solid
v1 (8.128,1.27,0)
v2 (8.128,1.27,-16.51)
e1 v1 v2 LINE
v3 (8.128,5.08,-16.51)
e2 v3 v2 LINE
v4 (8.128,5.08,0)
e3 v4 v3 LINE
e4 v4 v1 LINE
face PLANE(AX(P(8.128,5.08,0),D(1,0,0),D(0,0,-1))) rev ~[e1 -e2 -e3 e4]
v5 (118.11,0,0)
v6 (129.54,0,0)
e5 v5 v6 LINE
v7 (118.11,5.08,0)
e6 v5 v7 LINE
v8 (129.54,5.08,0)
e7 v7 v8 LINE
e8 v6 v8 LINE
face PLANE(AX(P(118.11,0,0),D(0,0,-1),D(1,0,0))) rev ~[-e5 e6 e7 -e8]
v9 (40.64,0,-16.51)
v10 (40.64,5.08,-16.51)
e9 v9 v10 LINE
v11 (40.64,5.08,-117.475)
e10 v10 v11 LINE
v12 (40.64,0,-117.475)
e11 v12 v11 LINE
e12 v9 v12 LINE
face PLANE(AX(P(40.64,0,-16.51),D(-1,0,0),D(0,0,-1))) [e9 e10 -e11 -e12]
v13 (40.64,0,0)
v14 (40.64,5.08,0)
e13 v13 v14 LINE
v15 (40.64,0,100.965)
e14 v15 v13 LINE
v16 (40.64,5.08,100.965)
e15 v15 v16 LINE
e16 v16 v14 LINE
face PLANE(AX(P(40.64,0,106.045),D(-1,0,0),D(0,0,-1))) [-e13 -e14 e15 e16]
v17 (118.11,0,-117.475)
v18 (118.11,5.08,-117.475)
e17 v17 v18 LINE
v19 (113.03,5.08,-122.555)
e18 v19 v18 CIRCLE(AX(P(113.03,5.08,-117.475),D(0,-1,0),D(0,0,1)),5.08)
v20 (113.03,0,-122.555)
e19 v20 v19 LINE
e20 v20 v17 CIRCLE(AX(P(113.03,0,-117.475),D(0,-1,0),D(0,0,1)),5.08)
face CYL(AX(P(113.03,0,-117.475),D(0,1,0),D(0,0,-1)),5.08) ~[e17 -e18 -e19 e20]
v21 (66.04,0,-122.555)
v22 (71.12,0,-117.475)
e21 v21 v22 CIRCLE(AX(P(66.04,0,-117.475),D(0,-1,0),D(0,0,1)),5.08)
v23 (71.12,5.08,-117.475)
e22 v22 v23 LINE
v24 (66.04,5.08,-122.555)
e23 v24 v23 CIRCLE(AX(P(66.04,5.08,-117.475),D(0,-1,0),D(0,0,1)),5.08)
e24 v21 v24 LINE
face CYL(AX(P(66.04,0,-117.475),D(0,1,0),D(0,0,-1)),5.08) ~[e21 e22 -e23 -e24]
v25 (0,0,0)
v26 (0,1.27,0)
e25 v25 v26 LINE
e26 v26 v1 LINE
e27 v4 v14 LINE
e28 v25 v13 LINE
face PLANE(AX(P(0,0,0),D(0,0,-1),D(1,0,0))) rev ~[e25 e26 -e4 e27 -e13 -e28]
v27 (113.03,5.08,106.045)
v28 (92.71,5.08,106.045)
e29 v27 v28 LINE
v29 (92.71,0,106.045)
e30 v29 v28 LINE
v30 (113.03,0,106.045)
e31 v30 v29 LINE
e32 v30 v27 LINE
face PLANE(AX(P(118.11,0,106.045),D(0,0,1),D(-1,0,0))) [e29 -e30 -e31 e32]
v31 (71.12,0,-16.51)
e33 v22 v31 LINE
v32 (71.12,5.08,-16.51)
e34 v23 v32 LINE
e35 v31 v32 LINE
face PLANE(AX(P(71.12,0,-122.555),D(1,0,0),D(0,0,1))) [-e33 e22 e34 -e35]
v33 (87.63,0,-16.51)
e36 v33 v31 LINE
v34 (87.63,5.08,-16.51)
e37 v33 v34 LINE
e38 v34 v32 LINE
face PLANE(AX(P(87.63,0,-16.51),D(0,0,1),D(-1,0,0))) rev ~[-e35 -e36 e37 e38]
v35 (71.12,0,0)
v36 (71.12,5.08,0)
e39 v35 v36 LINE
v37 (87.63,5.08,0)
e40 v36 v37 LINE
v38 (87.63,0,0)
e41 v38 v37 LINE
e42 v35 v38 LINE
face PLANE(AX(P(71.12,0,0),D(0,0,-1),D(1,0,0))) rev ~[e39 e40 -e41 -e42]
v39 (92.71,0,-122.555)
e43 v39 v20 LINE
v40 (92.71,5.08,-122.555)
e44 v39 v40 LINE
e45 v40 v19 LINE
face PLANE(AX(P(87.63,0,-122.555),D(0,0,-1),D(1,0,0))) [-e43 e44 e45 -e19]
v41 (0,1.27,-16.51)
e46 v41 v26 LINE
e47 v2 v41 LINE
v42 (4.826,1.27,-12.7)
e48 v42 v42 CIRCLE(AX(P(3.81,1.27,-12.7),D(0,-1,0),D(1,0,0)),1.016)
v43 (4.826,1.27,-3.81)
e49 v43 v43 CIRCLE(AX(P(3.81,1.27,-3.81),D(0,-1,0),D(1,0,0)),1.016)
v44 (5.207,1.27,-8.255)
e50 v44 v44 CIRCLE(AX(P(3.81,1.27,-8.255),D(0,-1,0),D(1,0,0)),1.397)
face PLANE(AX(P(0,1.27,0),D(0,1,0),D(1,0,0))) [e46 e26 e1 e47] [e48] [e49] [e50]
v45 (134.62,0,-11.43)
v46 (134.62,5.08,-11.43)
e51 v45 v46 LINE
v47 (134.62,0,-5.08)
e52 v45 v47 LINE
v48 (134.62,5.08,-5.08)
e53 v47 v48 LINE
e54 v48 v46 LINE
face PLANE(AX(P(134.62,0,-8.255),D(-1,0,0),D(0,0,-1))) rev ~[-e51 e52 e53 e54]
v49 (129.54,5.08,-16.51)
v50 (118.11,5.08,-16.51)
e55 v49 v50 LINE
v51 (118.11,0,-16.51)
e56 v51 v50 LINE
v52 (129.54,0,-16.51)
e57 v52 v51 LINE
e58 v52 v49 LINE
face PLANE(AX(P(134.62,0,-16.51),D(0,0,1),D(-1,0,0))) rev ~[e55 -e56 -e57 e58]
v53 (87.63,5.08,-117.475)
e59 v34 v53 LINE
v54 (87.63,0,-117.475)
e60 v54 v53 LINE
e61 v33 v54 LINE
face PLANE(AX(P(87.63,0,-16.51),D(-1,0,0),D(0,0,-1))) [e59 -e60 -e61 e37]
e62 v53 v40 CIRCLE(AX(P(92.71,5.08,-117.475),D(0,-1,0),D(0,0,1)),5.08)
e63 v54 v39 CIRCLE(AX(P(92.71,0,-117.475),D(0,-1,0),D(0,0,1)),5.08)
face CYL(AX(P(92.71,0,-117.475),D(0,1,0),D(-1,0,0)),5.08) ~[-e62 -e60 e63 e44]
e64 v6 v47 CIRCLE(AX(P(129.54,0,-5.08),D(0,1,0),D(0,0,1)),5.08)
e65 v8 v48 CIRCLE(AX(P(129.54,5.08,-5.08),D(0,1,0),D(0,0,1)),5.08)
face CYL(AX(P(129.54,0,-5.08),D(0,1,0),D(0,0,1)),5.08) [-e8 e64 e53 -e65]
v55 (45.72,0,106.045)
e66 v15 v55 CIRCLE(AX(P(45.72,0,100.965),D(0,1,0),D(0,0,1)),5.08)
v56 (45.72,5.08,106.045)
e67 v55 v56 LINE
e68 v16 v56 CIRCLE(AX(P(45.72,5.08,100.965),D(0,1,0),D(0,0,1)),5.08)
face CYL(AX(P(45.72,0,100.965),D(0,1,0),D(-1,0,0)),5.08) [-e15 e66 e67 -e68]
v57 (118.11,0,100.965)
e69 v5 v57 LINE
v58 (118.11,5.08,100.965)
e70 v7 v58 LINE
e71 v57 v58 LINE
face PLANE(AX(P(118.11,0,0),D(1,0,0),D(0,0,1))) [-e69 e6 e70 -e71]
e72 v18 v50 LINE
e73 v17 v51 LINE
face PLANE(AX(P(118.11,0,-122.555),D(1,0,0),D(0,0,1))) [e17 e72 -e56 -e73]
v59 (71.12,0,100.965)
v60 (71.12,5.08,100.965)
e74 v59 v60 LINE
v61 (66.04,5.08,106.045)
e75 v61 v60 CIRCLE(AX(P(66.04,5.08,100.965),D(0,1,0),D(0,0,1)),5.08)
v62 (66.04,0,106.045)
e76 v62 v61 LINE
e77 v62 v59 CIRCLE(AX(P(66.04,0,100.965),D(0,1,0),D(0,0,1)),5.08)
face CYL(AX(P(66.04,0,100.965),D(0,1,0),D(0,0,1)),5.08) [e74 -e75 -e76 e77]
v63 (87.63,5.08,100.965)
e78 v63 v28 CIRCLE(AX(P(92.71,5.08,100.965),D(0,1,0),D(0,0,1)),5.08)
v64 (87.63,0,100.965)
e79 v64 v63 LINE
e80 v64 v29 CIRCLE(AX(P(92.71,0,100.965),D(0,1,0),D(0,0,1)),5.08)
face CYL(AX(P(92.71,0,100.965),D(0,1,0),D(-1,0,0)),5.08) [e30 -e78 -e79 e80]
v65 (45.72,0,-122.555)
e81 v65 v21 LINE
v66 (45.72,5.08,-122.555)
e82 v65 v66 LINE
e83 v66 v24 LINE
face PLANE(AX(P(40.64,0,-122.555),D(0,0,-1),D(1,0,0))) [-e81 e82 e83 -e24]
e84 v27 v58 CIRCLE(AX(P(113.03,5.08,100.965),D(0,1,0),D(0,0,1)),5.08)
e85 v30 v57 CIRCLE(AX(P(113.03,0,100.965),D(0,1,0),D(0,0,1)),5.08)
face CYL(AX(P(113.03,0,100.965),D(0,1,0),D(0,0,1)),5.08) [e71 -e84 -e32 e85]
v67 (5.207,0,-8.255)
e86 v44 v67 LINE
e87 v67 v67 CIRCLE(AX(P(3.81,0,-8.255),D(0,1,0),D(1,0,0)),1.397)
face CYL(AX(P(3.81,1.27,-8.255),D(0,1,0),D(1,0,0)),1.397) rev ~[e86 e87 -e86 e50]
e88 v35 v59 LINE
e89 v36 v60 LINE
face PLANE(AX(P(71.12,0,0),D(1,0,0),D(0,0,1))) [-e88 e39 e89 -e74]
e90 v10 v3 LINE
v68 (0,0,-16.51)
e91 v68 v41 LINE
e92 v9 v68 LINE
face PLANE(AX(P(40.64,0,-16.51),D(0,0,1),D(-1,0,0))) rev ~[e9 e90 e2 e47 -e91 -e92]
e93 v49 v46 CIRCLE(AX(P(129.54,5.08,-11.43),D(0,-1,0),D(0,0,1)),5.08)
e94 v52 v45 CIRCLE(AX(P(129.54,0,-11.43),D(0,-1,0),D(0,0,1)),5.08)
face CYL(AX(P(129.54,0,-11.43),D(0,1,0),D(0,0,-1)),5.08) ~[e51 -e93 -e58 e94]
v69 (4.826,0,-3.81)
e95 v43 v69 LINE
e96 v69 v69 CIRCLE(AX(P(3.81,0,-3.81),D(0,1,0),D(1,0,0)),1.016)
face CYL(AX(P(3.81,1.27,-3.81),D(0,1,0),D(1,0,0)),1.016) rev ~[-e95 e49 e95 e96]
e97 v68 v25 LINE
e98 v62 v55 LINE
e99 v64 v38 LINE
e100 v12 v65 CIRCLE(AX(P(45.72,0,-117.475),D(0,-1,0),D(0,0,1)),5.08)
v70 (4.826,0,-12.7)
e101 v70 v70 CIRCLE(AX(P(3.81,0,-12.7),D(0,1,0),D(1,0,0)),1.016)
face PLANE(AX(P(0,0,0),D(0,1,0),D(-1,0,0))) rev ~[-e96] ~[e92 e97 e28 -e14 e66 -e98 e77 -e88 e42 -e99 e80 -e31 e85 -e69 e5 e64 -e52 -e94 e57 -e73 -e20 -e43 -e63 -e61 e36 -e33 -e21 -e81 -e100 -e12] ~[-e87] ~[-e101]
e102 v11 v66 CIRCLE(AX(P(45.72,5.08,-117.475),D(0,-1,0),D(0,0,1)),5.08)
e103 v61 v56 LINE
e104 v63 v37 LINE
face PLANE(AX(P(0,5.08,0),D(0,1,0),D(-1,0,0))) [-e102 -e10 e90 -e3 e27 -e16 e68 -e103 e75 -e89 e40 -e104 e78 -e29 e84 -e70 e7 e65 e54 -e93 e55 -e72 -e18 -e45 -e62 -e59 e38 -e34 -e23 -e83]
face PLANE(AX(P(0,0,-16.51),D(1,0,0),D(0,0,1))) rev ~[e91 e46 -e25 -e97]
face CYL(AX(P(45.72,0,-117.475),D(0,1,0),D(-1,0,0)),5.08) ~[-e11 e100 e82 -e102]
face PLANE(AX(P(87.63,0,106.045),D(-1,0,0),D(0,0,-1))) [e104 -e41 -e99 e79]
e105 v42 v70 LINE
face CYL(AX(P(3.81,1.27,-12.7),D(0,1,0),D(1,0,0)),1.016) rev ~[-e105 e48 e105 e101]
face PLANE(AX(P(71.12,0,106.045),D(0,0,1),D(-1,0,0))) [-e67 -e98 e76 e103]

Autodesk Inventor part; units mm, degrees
ref_plane "YZ Plane" through (0, 0, 0) normal (1, 0, 0) x (0, 1, 0)
ref_plane "XZ Plane" through (0, 0, 0) normal (0, 1, 0) x (-1, 0, 0)
ref_plane "XY Plane" through (0, 0, 0) normal (0, 0, 1) x (1, 0, 0)
sketch "Sketch1" plane through (0, 0, 0) normal (0, 1, 0) x (-1, 0, 0)
  line L0 (0, 0) -> (-134.62, 0)
  line L1 (-134.62, 0) -> (-134.62, -16.51)
  line L2 (-134.62, -16.51) -> (0, -16.51)
  line L3 (0, -16.51) -> (0, 0)
  line L4 (-134.62, -8.255) -> (-118.11, -8.255)
  line L5 (-118.11, -8.255) -> (-87.63, -8.255)
  line L6 (-87.63, -8.255) -> (-71.12, -8.255)
  line L7 (-71.12, -8.255) -> (-40.64, -8.255)
  line L8 (-40.64, -8.255) -> (-40.64, -122.555)
  line L9 (-40.64, -122.555) -> (-71.12, -122.555)
  line L10 (-71.12, -122.555) -> (-71.12, -8.255)
  line L11 (-87.63, -8.255) -> (-87.63, -122.555)
  line L12 (-87.63, -122.555) -> (-118.11, -122.555)
  line L13 (-118.11, -122.555) -> (-118.11, -8.255)
  line L14 (-118.11, -8.255) -> (-118.11, 106.045)
  line L15 (-118.11, 106.045) -> (-87.63, 106.045)
  line L16 (-87.63, 106.045) -> (-87.63, -8.255)
  line L17 (-71.12, -8.255) -> (-71.12, 106.045)
  line L18 (-71.12, 106.045) -> (-40.64, 106.045)
  line L19 (-40.64, 106.045) -> (-40.64, -8.255)
  dimension "d0" = 134.62
  dimension "d1" = 16.51
  dimension "d2" = 16.51
  dimension "d3" = 30.48
  dimension "d4" = 16.51
  dimension "d5" = 30.48
  dimension "d7" = 114.3
  dimension "d8" = 30.48
  dimension "d9" = 114.3
  dimension "d10" = 30.48
  dimension "d11" = 114.3
  dimension "d12" = 30.48
  dimension "d13" = 114.3
  dimension "d14" = 30.48
extrude "Extrusion1" add sketch "Sketch1" along normal blind 5.08
fillet "Fillet1" radius 5.08 7 edges at (40.64, 2.54, -122.555) (71.12, 2.54, -122.555) (87.63, 2.54, -122.555) (118.11, 2.54, -122.555) (40.64, 2.54, 106.045) (87.63, 2.54, 106.045) (134.62, 2.54, -16.51)
fillet "Fillet2" radius 5.08 3 edges at (71.12, 2.54, 106.045) (118.11, 2.54, 106.045) (134.62, 2.54, 0)
sketch "Sketch2" plane through (0, 5.08, 0) normal (0, 1, 0) x (1, 0, 0)
  line L0 (40.64, 16.51) -> (0, 16.51) projected
  line L1 (0, 0) -> (8.128, 0)
  line L2 (8.128, 0) -> (8.128, 16.51)
  line L3 (8.128, 16.51) -> (0, 16.51)
  line L4 (0, 16.51) -> (0, 0)
  dimension "d19" = 8.128
extrude "Extrusion2" cut sketch "Sketch2" against normal blind 3.81
sketch "Sketch3" plane through (0, 1.27, 0) normal (0, 1, 0) x (1, 0, 0)
  line L0 (0, 16.51) -> (0, 0) projected
  line L1 (0, 8.255) -> (3.81, 8.255)
  circle A0 centre (3.81, 8.255) radius 1.397
  line L2 (3.81, 0) -> (3.81, 3.81)
  line L3 (3.81, 16.51) -> (3.81, 12.7)
  circle A1 centre (3.81, 12.7) radius 1.016
  circle A2 centre (3.81, 3.81) radius 1.016
  dimension "d22" = 3.81
  dimension "d23" = 2.794
  dimension "d24" = 3.81
  dimension "d25" = 3.81
  dimension "d26" = 2.032
  dimension "d27" = 2.032
extrude "Extrusion3" cut sketch "Sketch3" against normal blind 1.27
properties part number "Grab Holder v1"
